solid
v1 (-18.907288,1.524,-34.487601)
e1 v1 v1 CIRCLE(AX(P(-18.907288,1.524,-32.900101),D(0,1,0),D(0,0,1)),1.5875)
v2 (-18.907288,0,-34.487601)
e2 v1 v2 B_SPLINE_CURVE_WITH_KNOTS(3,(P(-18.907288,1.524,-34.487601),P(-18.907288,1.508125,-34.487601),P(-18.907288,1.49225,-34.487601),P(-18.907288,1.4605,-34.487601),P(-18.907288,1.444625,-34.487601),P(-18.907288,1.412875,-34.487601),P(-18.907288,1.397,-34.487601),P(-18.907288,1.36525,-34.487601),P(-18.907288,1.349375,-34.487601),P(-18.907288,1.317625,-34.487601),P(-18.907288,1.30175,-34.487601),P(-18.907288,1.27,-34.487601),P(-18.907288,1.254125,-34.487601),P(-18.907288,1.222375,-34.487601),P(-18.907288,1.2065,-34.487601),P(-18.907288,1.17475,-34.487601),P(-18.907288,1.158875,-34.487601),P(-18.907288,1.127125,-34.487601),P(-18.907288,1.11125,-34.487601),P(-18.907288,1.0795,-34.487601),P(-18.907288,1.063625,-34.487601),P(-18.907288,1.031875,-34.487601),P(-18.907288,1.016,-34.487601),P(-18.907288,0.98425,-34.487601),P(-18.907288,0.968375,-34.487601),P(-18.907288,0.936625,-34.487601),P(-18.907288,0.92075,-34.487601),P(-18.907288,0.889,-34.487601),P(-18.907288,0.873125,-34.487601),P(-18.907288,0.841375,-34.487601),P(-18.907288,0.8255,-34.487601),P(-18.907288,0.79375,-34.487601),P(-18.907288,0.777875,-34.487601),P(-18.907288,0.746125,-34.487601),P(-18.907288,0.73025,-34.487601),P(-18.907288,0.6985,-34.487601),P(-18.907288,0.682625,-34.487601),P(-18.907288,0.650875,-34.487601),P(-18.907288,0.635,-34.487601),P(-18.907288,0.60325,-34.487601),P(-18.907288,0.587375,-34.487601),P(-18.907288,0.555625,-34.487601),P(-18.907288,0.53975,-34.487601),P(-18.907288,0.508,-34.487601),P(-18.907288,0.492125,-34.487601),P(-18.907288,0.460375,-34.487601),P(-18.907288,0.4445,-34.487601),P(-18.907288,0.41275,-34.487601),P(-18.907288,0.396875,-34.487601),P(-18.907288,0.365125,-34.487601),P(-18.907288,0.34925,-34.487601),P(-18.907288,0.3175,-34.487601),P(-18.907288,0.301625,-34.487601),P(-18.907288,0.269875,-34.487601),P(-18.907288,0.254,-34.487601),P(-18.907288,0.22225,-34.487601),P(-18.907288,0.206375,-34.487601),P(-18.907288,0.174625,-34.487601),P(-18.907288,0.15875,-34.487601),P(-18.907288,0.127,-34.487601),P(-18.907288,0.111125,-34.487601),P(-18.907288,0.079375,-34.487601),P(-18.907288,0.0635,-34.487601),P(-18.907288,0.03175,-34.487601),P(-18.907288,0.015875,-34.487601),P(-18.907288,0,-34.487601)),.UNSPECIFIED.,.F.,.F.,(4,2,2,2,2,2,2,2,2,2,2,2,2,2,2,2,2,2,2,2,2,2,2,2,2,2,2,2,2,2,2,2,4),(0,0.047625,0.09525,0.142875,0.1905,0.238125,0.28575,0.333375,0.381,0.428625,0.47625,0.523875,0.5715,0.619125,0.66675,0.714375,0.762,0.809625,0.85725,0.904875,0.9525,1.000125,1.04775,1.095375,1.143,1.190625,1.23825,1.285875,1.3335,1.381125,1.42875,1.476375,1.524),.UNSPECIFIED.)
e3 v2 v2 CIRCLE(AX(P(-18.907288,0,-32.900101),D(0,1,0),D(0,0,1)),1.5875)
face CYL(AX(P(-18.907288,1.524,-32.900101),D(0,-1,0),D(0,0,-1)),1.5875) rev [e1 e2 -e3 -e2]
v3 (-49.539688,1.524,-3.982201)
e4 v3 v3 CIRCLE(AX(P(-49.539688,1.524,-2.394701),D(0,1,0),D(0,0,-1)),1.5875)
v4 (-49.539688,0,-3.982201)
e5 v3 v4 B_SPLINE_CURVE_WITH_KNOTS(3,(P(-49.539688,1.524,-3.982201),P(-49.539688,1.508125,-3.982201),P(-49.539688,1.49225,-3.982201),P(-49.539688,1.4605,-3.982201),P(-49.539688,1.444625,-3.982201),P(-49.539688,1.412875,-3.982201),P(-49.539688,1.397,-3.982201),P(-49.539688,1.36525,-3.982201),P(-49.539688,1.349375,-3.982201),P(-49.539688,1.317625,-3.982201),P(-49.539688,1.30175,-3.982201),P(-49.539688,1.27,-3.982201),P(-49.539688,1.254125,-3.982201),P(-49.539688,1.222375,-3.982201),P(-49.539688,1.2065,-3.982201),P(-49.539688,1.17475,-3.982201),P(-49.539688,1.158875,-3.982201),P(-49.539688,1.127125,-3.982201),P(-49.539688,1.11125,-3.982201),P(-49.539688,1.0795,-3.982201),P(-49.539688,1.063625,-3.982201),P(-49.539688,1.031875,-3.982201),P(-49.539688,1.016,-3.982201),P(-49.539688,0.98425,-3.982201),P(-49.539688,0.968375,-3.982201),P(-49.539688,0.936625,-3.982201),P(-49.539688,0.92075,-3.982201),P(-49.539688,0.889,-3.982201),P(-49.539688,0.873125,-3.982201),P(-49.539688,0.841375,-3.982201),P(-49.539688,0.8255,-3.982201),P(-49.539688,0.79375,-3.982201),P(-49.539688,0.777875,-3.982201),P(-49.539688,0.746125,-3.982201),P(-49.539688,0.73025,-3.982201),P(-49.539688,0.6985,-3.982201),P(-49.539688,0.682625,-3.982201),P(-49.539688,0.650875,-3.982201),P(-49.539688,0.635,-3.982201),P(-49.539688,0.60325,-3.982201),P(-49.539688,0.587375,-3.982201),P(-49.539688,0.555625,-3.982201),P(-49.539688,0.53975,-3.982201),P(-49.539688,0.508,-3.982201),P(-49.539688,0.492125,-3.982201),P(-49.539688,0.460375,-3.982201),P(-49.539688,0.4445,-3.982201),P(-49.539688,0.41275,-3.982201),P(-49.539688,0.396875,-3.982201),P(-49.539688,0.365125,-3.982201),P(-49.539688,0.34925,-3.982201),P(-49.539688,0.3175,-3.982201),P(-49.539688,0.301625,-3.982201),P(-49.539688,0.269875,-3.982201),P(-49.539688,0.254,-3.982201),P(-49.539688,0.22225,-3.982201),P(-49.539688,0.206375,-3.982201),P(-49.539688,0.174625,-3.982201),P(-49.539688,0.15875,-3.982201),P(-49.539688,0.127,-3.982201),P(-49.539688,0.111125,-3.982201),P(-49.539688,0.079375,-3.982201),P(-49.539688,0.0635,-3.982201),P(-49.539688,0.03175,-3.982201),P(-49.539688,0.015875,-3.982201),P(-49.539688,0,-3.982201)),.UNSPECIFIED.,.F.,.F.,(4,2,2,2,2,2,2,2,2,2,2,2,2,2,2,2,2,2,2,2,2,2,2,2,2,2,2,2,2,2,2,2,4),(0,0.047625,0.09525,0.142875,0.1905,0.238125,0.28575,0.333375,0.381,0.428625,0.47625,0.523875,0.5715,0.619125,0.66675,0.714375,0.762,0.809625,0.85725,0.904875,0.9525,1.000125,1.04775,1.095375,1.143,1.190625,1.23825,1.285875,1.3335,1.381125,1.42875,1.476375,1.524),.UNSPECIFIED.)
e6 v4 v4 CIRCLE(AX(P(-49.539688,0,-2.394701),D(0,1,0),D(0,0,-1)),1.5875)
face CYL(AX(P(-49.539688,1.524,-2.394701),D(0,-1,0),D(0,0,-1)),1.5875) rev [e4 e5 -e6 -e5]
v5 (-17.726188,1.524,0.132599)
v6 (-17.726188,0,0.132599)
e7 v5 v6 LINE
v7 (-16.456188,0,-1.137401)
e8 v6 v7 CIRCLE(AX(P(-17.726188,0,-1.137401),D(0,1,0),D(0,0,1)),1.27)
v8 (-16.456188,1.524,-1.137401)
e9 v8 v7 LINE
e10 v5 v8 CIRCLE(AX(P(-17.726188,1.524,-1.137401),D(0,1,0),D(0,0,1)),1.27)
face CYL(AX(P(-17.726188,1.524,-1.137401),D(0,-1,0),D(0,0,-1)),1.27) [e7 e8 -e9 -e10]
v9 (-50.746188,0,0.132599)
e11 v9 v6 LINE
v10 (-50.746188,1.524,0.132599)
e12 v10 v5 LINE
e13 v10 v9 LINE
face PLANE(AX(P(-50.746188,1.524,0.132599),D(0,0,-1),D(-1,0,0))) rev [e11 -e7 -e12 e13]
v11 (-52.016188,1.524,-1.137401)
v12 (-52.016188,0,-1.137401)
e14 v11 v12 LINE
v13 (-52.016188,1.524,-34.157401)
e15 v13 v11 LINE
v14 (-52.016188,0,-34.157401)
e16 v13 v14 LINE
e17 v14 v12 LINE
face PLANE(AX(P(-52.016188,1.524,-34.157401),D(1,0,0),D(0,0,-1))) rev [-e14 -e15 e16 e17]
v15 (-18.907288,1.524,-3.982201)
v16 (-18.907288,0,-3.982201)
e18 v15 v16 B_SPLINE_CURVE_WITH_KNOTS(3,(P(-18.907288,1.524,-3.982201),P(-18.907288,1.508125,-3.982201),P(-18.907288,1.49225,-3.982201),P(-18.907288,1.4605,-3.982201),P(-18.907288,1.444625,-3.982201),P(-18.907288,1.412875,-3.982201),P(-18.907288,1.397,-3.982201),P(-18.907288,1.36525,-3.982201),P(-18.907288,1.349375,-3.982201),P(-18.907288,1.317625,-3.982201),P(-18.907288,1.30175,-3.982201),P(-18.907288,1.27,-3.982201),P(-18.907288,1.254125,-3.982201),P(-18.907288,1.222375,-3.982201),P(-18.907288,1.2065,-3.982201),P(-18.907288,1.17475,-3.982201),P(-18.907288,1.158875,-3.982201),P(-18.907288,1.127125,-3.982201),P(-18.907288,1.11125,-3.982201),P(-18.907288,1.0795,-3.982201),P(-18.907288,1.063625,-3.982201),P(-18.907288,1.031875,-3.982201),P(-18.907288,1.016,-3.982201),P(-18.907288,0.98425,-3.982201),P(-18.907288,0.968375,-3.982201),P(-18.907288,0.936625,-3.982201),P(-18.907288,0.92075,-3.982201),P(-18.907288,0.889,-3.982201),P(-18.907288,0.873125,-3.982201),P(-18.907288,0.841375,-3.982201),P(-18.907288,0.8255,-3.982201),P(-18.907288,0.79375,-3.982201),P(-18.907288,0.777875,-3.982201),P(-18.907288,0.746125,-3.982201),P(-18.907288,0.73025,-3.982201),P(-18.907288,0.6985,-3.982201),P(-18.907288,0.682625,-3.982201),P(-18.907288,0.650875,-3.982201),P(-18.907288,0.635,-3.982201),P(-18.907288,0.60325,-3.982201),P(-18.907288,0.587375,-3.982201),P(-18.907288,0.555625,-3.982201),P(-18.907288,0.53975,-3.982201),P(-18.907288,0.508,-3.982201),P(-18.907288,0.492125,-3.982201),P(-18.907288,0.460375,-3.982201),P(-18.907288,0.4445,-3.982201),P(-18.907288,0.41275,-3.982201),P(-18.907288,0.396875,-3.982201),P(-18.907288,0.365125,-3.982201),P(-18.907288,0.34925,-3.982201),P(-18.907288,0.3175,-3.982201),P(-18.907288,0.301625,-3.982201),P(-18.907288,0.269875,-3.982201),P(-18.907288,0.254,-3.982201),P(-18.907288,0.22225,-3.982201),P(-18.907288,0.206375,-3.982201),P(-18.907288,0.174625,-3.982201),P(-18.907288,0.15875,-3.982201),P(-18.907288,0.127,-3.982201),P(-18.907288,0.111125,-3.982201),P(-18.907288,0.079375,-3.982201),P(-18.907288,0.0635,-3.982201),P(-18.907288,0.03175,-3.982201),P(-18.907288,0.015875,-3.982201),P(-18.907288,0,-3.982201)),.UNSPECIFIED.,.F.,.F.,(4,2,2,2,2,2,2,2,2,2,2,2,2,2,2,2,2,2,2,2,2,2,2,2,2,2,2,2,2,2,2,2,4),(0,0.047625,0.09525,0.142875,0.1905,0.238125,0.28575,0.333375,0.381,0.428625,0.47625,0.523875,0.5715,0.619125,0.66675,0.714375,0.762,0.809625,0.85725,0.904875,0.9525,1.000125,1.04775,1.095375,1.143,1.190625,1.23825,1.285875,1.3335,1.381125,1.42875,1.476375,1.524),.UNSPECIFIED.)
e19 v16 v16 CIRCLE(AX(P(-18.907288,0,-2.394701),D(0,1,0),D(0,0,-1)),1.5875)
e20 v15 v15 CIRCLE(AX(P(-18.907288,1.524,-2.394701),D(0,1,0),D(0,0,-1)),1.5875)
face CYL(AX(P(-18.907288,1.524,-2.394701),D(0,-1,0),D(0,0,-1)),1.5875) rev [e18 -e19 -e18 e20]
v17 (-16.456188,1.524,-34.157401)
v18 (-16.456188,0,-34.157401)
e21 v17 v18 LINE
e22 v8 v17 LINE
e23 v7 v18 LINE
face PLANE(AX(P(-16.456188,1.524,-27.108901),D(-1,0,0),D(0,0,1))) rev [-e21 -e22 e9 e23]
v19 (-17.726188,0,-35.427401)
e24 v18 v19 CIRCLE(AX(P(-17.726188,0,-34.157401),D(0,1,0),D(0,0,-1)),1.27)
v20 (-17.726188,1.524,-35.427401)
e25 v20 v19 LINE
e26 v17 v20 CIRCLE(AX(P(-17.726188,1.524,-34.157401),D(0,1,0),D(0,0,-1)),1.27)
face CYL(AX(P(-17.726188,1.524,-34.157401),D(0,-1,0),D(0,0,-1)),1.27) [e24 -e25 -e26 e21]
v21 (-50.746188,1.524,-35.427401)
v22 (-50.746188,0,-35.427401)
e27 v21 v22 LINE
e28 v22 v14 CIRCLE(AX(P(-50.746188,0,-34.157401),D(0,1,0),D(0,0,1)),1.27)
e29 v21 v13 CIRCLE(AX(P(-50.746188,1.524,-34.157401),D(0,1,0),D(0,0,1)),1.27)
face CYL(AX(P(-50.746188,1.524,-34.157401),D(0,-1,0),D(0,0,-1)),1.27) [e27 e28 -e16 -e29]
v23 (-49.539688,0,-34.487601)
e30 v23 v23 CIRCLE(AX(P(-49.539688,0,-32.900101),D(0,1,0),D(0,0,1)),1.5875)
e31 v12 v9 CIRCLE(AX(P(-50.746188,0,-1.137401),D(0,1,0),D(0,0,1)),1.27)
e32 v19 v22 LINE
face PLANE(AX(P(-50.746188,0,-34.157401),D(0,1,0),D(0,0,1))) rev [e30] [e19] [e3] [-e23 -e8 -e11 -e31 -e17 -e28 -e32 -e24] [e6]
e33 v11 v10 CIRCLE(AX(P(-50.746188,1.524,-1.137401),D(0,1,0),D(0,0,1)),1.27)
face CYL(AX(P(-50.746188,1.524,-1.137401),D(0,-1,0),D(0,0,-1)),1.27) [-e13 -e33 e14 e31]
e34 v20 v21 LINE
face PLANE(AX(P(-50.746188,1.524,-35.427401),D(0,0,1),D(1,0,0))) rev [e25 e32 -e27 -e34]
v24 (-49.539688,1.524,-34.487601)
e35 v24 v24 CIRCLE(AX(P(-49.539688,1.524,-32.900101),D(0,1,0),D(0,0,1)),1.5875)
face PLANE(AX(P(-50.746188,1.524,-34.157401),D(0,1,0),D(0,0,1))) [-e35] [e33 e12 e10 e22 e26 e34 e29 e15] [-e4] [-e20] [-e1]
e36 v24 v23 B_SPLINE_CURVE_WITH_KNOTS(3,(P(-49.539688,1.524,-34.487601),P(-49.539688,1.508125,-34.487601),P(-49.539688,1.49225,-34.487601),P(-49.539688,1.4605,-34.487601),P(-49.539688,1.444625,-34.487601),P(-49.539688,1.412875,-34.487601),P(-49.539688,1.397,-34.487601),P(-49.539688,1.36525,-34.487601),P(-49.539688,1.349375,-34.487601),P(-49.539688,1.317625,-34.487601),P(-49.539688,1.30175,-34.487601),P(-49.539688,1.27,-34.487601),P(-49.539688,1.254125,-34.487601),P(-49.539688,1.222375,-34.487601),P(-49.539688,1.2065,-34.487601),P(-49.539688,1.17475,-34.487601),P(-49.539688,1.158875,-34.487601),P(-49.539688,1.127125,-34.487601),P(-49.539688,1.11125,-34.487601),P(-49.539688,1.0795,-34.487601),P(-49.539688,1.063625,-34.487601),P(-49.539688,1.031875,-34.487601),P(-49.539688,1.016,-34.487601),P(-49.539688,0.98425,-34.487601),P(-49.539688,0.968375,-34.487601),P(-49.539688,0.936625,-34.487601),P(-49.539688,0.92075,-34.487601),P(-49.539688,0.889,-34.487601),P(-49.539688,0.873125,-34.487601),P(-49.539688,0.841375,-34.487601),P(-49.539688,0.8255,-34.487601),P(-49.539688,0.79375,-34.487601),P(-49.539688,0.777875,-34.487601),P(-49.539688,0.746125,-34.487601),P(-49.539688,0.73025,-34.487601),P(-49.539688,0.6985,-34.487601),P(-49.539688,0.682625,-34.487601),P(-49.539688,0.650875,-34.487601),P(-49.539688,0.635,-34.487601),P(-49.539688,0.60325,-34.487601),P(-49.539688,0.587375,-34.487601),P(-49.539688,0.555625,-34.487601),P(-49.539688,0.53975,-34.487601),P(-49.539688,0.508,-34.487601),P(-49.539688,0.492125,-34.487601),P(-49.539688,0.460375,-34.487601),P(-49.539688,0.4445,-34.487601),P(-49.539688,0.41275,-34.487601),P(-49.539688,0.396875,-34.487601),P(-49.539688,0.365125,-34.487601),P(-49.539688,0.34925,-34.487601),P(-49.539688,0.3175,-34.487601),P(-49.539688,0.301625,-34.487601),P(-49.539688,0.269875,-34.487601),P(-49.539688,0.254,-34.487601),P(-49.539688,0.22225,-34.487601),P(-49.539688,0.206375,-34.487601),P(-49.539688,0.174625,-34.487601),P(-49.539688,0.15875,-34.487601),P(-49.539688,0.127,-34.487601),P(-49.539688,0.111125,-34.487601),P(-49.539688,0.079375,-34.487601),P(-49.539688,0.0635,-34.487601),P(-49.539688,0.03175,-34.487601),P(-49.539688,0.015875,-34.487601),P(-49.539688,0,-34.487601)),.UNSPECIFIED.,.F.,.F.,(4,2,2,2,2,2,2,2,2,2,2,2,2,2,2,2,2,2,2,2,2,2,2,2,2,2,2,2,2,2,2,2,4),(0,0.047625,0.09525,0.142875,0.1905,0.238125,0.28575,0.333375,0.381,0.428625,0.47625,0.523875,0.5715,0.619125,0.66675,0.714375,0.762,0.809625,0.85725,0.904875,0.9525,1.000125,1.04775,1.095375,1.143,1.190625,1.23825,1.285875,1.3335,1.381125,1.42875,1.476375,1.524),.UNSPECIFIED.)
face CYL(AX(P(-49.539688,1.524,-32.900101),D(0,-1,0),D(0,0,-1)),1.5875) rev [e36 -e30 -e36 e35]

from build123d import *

# Parameters (mm, degrees)
SKETCH1_R           = 1.5875
BOSS_EXTRUDE2_DEPTH = 1.524


with BuildPart() as part:
    # Sketch1 → Boss-Extrude2 (new body)
    with BuildSketch(Plane(origin=(0, 0, 0), x_dir=(1, 0, 0), z_dir=(0, 1, 0))):
        with BuildLine():
            Line((-50.746188486, 35.427401309), (-17.726188486, 35.427401309))
            ThreePointArc((-17.726188486, 35.427401309), (-16.828162874, 35.055426921), (-16.456188486, 34.157401309))
            Line((-16.456188486, 34.157401309), (-16.456188486, 27.108901309))
            Line((-16.456188486, 27.108901309), (-16.456188486, 8.185901309))
            Line((-16.456188486, 8.185901309), (-16.456188486, 1.137401309))
            ThreePointArc((-16.456188486, 1.137401309), (-16.828162874, 0.239375697), (-17.726188486, -0.132598691))
            Line((-17.726188486, -0.132598691), (-50.746188486, -0.132598691))
            ThreePointArc((-50.746188486, -0.132598691), (-51.644214098, 0.239375697), (-52.016188486, 1.137401309))
            Line((-52.016188486, 1.137401309), (-52.016188486, 34.157401309))
            ThreePointArc((-52.016188486, 34.157401309), (-51.644214098, 35.055426921), (-50.746188486, 35.427401309))
        make_face()
        with Locations(Location((-49.539688486, 32.900101309, 0), (0, 0, 90))):
            Circle(SKETCH1_R, mode=Mode.SUBTRACT)
        with Locations(Location((-18.907288486, 32.900101309, 0), (0, 0, 90))):
            Circle(SKETCH1_R, mode=Mode.SUBTRACT)
        with Locations(Location((-18.907288486, 2.394701309, 0), (0, 0, 90))):
            Circle(SKETCH1_R, mode=Mode.SUBTRACT)
        with Locations(Location((-49.539688486, 2.394701309, 0), (0, 0, 90))):
            Circle(SKETCH1_R, mode=Mode.SUBTRACT)
    extrude(amount=BOSS_EXTRUDE2_DEPTH)


solid = part.part
